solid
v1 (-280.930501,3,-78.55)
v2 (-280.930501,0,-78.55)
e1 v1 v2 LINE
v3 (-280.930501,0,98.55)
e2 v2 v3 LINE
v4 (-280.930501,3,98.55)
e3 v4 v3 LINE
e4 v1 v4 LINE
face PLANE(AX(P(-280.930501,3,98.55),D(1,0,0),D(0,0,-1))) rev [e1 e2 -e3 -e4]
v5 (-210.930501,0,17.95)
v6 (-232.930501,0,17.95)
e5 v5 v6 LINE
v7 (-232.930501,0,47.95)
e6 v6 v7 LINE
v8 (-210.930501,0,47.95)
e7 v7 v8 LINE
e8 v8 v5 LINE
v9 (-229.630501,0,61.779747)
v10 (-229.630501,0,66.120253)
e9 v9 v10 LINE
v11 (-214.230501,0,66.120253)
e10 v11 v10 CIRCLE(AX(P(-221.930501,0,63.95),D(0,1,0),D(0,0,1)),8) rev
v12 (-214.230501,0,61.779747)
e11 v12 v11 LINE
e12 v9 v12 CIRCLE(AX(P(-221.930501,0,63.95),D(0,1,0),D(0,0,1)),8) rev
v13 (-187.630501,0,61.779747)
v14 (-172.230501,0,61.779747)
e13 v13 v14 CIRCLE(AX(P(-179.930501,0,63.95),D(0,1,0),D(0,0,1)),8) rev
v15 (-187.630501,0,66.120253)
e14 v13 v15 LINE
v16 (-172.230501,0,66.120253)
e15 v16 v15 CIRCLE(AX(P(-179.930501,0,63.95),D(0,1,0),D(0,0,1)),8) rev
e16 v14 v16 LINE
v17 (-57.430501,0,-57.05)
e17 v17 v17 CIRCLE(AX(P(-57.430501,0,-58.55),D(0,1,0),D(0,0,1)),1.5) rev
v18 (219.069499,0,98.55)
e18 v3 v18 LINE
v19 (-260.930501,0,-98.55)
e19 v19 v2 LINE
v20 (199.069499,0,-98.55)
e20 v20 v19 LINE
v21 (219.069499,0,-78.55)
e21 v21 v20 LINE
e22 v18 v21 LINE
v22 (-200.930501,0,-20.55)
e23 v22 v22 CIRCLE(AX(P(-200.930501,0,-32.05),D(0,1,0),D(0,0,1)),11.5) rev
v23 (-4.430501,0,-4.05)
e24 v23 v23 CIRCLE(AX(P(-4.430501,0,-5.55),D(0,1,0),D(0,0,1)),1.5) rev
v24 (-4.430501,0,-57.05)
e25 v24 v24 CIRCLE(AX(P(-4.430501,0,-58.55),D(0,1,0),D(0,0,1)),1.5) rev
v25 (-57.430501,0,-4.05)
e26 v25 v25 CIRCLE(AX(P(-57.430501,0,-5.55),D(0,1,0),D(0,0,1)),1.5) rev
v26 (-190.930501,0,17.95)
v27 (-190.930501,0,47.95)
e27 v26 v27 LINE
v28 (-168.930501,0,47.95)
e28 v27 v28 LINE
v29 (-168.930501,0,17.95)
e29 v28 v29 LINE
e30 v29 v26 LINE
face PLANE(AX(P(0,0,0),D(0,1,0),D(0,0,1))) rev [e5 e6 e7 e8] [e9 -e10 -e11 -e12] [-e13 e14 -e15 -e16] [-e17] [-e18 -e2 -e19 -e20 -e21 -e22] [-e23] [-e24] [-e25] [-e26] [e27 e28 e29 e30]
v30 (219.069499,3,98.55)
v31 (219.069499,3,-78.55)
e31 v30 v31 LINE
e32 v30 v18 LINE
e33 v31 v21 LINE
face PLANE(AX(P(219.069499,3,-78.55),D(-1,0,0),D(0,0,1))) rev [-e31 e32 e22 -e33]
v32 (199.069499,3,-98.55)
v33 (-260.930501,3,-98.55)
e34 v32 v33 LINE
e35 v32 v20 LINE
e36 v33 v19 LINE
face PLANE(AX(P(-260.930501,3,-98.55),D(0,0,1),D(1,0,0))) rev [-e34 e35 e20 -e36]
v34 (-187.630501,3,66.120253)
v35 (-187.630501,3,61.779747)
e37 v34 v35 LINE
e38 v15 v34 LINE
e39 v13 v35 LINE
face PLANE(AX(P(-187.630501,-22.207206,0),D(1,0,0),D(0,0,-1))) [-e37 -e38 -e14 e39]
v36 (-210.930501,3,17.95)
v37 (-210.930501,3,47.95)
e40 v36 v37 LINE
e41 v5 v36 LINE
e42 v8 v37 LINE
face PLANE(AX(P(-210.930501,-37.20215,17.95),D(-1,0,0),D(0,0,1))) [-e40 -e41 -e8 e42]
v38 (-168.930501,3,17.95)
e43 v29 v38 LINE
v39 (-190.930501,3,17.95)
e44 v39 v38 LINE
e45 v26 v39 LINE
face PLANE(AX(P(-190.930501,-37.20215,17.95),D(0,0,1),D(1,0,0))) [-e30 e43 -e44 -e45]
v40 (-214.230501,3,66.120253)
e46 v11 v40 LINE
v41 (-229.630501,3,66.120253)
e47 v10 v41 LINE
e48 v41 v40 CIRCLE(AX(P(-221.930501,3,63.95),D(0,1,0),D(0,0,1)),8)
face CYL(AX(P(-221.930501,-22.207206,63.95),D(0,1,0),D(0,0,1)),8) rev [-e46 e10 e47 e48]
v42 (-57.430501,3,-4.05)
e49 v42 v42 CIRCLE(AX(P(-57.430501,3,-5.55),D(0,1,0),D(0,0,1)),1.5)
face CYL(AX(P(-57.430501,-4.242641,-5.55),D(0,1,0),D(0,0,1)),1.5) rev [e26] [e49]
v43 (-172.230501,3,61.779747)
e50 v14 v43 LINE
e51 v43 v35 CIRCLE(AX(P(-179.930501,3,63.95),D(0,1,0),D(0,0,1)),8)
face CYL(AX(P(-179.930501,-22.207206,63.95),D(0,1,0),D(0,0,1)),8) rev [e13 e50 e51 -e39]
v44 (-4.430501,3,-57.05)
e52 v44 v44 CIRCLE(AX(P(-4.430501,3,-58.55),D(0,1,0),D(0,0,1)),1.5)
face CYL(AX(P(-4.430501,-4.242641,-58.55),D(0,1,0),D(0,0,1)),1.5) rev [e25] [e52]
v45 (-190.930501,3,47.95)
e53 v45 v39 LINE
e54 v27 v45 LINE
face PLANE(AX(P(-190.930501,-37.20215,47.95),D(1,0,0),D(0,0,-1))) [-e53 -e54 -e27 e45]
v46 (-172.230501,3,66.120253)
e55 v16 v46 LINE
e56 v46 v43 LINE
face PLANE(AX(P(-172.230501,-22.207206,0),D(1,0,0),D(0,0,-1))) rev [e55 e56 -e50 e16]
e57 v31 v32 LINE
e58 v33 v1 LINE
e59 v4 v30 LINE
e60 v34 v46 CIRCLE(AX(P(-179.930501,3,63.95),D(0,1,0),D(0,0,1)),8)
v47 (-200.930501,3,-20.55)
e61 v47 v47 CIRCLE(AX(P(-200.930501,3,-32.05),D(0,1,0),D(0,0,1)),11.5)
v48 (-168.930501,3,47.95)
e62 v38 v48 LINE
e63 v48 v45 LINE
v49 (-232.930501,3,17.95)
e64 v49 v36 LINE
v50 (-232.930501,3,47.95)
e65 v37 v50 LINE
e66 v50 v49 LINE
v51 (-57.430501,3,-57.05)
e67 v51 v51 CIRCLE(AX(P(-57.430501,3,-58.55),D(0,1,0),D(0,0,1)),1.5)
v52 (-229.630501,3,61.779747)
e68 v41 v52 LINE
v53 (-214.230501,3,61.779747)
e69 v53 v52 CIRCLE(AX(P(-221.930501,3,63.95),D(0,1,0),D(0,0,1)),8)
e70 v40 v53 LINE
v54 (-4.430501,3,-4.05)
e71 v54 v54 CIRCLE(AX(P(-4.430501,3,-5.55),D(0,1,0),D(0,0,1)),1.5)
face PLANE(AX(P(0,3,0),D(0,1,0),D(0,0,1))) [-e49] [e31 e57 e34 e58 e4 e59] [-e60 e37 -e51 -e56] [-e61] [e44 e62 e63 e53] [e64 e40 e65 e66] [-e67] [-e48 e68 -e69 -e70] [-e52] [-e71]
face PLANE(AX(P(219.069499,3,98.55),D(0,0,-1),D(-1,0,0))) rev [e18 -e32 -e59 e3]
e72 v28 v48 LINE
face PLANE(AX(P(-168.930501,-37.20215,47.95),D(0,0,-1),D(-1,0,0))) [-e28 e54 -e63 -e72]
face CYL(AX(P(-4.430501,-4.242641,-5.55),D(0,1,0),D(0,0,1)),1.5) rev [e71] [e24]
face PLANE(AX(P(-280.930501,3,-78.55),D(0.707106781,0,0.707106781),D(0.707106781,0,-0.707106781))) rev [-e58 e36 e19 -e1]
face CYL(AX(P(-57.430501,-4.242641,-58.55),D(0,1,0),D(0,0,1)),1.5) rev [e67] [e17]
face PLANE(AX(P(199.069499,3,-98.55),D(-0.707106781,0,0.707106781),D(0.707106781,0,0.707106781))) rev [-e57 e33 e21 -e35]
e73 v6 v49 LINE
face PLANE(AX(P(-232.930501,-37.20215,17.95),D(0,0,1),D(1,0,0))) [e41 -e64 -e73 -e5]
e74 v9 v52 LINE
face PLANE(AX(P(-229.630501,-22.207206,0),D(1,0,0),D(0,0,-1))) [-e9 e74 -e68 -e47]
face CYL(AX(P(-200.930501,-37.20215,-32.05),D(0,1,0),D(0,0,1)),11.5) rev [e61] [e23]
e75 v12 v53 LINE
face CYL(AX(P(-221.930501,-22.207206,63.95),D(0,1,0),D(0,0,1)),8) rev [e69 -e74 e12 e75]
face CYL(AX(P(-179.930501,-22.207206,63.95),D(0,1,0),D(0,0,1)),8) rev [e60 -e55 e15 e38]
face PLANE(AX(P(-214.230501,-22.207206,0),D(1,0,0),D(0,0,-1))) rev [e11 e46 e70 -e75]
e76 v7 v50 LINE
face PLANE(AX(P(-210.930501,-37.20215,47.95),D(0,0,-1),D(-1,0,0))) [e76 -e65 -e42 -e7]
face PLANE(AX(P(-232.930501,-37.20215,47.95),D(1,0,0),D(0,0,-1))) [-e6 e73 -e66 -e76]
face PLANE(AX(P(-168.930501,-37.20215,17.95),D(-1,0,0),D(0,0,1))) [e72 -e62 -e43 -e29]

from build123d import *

# Parameters (mm, degrees)
BOSS_EXTRUDE1_DEPTH = 3
SKETCH2_R           = 1.5
CUT_EXTRUDE1_DEPTH  = 3
SKETCH3_R           = 11.5
SKETCH3_W           = 22
SKETCH3_H           = 30
CUT_EXTRUDE2_DEPTH  = 3
CUT_EXTRUDE3_DEPTH  = 3


with BuildPart() as part:
    # Sketch1 → Boss-Extrude1 (new body)
    with BuildSketch(Plane(origin=(0, 0, 0), x_dir=(1, 0, 0), z_dir=(0, 1, 0))):
        Polygon((219.069498766, 78.55), (219.069498766, -98.55), (-280.930501234, -98.55), (-280.930501234, 78.55), (-260.930501234, 98.55), (199.069498766, 98.55), align=None)
    extrude(amount=BOSS_EXTRUDE1_DEPTH)

    # Sketch2 → Cut-Extrude1 (cut)
    with BuildSketch(Plane(origin=(0, 3, 0), x_dir=(1, 0, 0), z_dir=(0, 1, 0))):
        with Locations((-4.430501234, 5.55)):
            Circle(SKETCH2_R)
        with Locations((-57.430501234, 5.55)):
            Circle(SKETCH2_R)
        with Locations((-57.430501234, 58.55)):
            Circle(SKETCH2_R)
        with Locations((-4.430501234, 58.55)):
            Circle(SKETCH2_R)
    extrude(amount=-CUT_EXTRUDE1_DEPTH, mode=Mode.SUBTRACT)

    # Sketch3 → Cut-Extrude2 (cut)
    with BuildSketch(Plane(origin=(0, 3, 0), x_dir=(1, 0, 0), z_dir=(0, 1, 0))):
        with Locations((-200.930501234, 32.05)):
            Circle(SKETCH3_R)
        with Locations((-221.930501234, -32.95)):
            Rectangle(SKETCH3_W, SKETCH3_H)
        with Locations((-179.930501234, -32.95)):
            Rectangle(SKETCH3_W, SKETCH3_H)
    extrude(amount=-CUT_EXTRUDE2_DEPTH, mode=Mode.SUBTRACT)

    # Sketch4 → Cut-Extrude3 (cut)
    with BuildSketch(Plane(origin=(0, 3, 0), x_dir=(1, 0, 0), z_dir=(0, 1, 0))):
        with BuildLine():
            Line((-187.630501234, -61.779746559), (-187.630501234, -66.120253441))
            ThreePointArc((-187.630501234, -66.120253441), (-179.930501234, -71.95), (-172.230501234, -66.120253441))
            Line((-172.230501234, -66.120253441), (-172.230501234, -61.779746559))
            ThreePointArc((-172.230501234, -61.779746559), (-179.930501234, -55.95), (-187.630501234, -61.779746559))
        make_face()
        with BuildLine():
            Line((-229.630501234, -61.779746559), (-229.630501234, -66.120253441))
            ThreePointArc((-229.630501234, -66.120253441), (-221.930501234, -71.95), (-214.230501234, -66.120253441))
            Line((-214.230501234, -66.120253441), (-214.230501234, -61.779746559))
            ThreePointArc((-214.230501234, -61.779746559), (-221.930501234, -55.95), (-229.630501234, -61.779746559))
        make_face()
    extrude(amount=-CUT_EXTRUDE3_DEPTH, mode=Mode.SUBTRACT)


solid = part.part
